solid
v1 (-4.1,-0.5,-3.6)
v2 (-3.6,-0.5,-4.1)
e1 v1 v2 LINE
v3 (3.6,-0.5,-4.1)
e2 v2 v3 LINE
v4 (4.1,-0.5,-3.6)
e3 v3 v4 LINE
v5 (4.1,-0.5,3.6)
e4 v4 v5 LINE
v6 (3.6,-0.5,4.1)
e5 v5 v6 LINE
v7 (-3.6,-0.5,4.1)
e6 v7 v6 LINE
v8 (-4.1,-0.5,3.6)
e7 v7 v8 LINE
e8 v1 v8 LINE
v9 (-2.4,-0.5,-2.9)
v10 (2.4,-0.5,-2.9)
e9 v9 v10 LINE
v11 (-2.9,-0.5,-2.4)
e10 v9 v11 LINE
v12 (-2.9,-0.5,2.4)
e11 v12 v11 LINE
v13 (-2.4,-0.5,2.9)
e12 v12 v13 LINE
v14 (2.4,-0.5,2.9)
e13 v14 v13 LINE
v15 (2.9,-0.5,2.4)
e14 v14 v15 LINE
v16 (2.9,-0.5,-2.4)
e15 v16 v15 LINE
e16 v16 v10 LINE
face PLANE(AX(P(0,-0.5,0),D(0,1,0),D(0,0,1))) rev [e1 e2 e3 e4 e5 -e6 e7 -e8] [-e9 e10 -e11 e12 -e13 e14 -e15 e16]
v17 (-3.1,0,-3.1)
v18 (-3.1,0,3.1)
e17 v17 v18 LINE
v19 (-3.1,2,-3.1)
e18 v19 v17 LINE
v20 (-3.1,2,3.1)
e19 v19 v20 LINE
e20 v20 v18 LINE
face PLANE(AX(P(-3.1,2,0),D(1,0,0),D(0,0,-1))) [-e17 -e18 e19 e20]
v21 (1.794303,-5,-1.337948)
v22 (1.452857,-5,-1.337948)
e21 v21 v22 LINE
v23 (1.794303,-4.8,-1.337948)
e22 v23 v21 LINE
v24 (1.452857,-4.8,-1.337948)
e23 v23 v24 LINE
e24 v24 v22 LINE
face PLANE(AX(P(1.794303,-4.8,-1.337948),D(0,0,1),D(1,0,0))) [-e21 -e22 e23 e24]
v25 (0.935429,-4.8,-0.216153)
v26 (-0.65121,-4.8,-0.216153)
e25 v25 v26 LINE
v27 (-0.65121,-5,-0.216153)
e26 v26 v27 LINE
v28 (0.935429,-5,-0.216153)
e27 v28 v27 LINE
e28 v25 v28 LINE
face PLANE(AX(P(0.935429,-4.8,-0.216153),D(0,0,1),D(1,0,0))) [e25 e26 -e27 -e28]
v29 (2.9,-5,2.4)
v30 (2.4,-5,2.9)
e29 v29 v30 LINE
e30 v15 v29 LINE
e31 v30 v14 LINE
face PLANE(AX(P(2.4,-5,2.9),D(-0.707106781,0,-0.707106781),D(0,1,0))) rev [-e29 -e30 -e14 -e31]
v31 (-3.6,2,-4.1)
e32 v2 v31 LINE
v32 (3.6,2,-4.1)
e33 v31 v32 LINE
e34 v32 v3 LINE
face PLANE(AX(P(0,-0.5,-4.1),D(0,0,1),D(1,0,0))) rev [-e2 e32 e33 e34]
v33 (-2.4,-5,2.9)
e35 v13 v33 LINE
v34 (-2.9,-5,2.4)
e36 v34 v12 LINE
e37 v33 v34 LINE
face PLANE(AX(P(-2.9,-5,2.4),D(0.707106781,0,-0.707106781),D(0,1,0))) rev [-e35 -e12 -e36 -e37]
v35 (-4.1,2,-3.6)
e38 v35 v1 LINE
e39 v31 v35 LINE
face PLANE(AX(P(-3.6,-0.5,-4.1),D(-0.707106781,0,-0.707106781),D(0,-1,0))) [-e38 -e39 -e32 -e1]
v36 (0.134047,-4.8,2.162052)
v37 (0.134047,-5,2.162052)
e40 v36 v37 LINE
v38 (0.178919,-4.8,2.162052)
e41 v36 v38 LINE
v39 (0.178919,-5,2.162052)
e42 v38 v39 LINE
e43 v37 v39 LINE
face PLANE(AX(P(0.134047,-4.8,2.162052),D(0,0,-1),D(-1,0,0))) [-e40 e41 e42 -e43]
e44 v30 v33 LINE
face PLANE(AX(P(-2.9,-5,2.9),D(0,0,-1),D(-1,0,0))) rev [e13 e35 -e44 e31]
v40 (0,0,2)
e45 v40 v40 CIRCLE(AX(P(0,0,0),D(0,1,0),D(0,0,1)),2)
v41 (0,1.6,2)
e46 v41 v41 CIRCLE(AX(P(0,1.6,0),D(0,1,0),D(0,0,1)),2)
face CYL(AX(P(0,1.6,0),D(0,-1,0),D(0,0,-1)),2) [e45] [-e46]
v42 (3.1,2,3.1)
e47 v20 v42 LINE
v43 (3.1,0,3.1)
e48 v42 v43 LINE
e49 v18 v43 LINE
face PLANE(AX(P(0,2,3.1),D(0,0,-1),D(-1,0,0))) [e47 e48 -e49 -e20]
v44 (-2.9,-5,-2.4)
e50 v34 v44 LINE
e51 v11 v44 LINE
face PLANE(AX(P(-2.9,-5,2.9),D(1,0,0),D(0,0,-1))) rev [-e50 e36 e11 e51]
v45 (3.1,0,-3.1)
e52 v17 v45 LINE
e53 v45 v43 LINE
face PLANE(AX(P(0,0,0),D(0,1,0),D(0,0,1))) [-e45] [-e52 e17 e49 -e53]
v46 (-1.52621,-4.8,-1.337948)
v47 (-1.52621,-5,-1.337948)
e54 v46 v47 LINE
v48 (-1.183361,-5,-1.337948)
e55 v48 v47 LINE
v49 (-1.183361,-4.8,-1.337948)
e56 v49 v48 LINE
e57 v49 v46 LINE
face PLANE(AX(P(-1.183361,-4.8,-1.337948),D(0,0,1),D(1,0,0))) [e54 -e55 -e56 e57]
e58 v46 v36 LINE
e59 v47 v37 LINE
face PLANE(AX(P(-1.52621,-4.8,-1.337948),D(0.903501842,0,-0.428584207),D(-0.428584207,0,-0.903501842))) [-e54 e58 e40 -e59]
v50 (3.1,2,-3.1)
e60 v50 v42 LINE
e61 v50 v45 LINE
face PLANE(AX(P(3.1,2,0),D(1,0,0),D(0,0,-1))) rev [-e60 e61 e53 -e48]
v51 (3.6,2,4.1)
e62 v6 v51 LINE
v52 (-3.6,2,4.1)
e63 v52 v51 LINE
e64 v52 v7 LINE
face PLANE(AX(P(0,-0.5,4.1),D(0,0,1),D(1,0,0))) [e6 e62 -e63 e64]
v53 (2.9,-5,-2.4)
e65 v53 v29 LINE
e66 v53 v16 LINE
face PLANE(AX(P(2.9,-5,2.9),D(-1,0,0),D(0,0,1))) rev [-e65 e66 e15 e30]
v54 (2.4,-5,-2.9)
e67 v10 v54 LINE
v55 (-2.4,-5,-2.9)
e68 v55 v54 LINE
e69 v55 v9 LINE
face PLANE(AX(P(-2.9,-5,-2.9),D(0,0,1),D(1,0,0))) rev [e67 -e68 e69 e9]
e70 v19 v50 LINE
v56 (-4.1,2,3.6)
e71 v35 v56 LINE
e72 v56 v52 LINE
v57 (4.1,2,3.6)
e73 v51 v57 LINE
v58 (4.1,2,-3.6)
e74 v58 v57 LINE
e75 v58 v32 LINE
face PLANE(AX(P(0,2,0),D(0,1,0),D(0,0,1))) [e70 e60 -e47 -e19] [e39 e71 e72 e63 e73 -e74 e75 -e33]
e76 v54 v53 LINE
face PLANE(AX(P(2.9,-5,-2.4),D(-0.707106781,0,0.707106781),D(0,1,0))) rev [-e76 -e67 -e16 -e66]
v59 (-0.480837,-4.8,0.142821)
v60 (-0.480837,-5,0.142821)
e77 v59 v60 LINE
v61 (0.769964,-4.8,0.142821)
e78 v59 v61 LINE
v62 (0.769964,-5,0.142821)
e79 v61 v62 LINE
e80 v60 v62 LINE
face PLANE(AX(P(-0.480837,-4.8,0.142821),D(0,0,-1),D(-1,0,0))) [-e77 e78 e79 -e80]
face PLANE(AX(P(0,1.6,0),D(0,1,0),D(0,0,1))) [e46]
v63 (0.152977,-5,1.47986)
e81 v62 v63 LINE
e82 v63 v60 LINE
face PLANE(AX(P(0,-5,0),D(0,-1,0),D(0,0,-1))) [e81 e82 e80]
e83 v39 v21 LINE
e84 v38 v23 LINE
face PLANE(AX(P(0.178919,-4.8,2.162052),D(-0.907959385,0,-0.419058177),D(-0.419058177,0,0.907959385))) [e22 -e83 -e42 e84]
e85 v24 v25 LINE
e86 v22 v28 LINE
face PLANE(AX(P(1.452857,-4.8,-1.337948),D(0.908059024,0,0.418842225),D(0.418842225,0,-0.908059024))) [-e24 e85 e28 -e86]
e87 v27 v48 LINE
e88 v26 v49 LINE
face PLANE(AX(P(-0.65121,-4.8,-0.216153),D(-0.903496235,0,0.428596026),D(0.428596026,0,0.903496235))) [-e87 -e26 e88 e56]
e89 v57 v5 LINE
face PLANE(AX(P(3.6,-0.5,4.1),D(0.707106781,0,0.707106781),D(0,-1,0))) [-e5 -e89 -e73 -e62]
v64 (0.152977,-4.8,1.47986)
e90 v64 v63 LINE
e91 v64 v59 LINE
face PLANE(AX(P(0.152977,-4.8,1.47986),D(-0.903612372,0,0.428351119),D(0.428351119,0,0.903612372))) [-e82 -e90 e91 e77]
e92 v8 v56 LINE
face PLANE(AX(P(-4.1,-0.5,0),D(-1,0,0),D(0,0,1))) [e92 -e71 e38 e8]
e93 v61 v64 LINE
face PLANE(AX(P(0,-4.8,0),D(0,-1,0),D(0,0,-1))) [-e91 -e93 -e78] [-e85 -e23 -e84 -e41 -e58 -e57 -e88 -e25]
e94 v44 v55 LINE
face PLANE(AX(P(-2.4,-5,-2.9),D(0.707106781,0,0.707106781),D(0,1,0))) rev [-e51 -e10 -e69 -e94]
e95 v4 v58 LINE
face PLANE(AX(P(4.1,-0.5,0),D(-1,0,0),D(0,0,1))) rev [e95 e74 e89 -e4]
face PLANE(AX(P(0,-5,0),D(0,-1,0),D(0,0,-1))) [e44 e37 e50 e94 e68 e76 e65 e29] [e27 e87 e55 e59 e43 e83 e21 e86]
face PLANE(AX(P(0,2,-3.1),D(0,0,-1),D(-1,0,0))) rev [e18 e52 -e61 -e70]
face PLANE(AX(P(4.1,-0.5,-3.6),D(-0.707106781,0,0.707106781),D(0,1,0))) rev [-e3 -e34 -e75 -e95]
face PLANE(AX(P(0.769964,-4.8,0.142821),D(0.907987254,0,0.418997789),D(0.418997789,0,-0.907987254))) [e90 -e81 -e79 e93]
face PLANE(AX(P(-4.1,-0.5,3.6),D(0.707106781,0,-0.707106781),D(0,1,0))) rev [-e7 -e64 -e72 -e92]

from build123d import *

# Parameters (mm, degrees)
SKETCH1_R           = 2
BOSS_EXTRUDE1_DEPTH = 1.6
SKETCH1_3_W         = 8.2
SKETCH1_3_H         = 8.2
SKETCH1_3_W_2       = 6.2
SKETCH1_3_H_2       = 6.2
BOSS_EXTRUDE2_DEPTH = 2
SKETCH1_4_W         = 8.2
SKETCH1_4_H         = 8.2
BOSS_EXTRUDE3_DEPTH = 0.5
SKETCH3_W           = 5.8
SKETCH3_H           = 5.8
BOSS_EXTRUDE4_DEPTH = 4.5
CHAMFER1_SIZE       = 0.5
CUT_EXTRUDE1_DEPTH  = 0.2


with BuildPart() as part:
    # Sketch1 → Boss-Extrude1 (new body)
    with BuildSketch(Plane(origin=(0, 0, 0), x_dir=(1, 0, 0), z_dir=(0, 1, 0))):
        Circle(SKETCH1_R)
    extrude(amount=BOSS_EXTRUDE1_DEPTH)



with BuildPart() as body_2:
    # Sketch1<3> → Boss-Extrude2 (new body)
    with BuildSketch(Plane(origin=(0, 0, 0), x_dir=(1, 0, 0), z_dir=(0, 1, 0))):
        Rectangle(SKETCH1_3_W, SKETCH1_3_H)
        Rectangle(SKETCH1_3_W_2, SKETCH1_3_H_2, mode=Mode.SUBTRACT)
    extrude(amount=BOSS_EXTRUDE2_DEPTH)


with BuildPart() as part_1:
    add(part.part)

    add(body_2.part)  # Boss-Extrude3 merges body 2
    # Sketch1<4> → Boss-Extrude3 (add)
    with BuildSketch(Plane(origin=(0, 0, 0), x_dir=(1, 0, 0), z_dir=(0, 1, 0))):
        Rectangle(SKETCH1_4_W, SKETCH1_4_H)
    extrude(amount=-BOSS_EXTRUDE3_DEPTH)

    # Sketch3 → Boss-Extrude4 (add)
    with BuildSketch(Plane.XZ.offset(0.5)):
        Rectangle(SKETCH3_W, SKETCH3_H)
    extrude(amount=BOSS_EXTRUDE4_DEPTH)

    # Chamfer1
    chamfer1_edges = [part_1.edges().sort_by_distance(p)[0] for p in [
        (-4.1, 0.75, -4.1),
        (4.1, 0.75, -4.1),
        (-4.1, 0.75, 4.1),
        (4.1, 0.75, 4.1),
        (-2.9, -2.75, 2.9),
        (2.9, -2.75, 2.9),
        (-2.9, -2.75, -2.9),
        (2.9, -2.75, -2.9),
    ]]
    chamfer(chamfer1_edges, length=CHAMFER1_SIZE)

    # Sketch4 → Cut-Extrude1 (cut)
    with BuildSketch(Plane.XZ.offset(5)):
        Polygon((0.178918545, 2.162051717), (1.79430316, -1.337948283), (1.452856846, -1.337948283), (0.935428962, -0.216153411), (-0.65120966, -0.216153411), (-1.183361102, -1.337948283), (-1.52620966, -1.337948283), (0.13404675, 2.162051717), align=None)
        Polygon((0.152977039, 1.479860211), (-0.480837064, 0.142820948), (0.769964218, 0.142820948), align=None, mode=Mode.SUBTRACT)
    extrude(amount=-CUT_EXTRUDE1_DEPTH, mode=Mode.SUBTRACT)


solid = part_1.part
